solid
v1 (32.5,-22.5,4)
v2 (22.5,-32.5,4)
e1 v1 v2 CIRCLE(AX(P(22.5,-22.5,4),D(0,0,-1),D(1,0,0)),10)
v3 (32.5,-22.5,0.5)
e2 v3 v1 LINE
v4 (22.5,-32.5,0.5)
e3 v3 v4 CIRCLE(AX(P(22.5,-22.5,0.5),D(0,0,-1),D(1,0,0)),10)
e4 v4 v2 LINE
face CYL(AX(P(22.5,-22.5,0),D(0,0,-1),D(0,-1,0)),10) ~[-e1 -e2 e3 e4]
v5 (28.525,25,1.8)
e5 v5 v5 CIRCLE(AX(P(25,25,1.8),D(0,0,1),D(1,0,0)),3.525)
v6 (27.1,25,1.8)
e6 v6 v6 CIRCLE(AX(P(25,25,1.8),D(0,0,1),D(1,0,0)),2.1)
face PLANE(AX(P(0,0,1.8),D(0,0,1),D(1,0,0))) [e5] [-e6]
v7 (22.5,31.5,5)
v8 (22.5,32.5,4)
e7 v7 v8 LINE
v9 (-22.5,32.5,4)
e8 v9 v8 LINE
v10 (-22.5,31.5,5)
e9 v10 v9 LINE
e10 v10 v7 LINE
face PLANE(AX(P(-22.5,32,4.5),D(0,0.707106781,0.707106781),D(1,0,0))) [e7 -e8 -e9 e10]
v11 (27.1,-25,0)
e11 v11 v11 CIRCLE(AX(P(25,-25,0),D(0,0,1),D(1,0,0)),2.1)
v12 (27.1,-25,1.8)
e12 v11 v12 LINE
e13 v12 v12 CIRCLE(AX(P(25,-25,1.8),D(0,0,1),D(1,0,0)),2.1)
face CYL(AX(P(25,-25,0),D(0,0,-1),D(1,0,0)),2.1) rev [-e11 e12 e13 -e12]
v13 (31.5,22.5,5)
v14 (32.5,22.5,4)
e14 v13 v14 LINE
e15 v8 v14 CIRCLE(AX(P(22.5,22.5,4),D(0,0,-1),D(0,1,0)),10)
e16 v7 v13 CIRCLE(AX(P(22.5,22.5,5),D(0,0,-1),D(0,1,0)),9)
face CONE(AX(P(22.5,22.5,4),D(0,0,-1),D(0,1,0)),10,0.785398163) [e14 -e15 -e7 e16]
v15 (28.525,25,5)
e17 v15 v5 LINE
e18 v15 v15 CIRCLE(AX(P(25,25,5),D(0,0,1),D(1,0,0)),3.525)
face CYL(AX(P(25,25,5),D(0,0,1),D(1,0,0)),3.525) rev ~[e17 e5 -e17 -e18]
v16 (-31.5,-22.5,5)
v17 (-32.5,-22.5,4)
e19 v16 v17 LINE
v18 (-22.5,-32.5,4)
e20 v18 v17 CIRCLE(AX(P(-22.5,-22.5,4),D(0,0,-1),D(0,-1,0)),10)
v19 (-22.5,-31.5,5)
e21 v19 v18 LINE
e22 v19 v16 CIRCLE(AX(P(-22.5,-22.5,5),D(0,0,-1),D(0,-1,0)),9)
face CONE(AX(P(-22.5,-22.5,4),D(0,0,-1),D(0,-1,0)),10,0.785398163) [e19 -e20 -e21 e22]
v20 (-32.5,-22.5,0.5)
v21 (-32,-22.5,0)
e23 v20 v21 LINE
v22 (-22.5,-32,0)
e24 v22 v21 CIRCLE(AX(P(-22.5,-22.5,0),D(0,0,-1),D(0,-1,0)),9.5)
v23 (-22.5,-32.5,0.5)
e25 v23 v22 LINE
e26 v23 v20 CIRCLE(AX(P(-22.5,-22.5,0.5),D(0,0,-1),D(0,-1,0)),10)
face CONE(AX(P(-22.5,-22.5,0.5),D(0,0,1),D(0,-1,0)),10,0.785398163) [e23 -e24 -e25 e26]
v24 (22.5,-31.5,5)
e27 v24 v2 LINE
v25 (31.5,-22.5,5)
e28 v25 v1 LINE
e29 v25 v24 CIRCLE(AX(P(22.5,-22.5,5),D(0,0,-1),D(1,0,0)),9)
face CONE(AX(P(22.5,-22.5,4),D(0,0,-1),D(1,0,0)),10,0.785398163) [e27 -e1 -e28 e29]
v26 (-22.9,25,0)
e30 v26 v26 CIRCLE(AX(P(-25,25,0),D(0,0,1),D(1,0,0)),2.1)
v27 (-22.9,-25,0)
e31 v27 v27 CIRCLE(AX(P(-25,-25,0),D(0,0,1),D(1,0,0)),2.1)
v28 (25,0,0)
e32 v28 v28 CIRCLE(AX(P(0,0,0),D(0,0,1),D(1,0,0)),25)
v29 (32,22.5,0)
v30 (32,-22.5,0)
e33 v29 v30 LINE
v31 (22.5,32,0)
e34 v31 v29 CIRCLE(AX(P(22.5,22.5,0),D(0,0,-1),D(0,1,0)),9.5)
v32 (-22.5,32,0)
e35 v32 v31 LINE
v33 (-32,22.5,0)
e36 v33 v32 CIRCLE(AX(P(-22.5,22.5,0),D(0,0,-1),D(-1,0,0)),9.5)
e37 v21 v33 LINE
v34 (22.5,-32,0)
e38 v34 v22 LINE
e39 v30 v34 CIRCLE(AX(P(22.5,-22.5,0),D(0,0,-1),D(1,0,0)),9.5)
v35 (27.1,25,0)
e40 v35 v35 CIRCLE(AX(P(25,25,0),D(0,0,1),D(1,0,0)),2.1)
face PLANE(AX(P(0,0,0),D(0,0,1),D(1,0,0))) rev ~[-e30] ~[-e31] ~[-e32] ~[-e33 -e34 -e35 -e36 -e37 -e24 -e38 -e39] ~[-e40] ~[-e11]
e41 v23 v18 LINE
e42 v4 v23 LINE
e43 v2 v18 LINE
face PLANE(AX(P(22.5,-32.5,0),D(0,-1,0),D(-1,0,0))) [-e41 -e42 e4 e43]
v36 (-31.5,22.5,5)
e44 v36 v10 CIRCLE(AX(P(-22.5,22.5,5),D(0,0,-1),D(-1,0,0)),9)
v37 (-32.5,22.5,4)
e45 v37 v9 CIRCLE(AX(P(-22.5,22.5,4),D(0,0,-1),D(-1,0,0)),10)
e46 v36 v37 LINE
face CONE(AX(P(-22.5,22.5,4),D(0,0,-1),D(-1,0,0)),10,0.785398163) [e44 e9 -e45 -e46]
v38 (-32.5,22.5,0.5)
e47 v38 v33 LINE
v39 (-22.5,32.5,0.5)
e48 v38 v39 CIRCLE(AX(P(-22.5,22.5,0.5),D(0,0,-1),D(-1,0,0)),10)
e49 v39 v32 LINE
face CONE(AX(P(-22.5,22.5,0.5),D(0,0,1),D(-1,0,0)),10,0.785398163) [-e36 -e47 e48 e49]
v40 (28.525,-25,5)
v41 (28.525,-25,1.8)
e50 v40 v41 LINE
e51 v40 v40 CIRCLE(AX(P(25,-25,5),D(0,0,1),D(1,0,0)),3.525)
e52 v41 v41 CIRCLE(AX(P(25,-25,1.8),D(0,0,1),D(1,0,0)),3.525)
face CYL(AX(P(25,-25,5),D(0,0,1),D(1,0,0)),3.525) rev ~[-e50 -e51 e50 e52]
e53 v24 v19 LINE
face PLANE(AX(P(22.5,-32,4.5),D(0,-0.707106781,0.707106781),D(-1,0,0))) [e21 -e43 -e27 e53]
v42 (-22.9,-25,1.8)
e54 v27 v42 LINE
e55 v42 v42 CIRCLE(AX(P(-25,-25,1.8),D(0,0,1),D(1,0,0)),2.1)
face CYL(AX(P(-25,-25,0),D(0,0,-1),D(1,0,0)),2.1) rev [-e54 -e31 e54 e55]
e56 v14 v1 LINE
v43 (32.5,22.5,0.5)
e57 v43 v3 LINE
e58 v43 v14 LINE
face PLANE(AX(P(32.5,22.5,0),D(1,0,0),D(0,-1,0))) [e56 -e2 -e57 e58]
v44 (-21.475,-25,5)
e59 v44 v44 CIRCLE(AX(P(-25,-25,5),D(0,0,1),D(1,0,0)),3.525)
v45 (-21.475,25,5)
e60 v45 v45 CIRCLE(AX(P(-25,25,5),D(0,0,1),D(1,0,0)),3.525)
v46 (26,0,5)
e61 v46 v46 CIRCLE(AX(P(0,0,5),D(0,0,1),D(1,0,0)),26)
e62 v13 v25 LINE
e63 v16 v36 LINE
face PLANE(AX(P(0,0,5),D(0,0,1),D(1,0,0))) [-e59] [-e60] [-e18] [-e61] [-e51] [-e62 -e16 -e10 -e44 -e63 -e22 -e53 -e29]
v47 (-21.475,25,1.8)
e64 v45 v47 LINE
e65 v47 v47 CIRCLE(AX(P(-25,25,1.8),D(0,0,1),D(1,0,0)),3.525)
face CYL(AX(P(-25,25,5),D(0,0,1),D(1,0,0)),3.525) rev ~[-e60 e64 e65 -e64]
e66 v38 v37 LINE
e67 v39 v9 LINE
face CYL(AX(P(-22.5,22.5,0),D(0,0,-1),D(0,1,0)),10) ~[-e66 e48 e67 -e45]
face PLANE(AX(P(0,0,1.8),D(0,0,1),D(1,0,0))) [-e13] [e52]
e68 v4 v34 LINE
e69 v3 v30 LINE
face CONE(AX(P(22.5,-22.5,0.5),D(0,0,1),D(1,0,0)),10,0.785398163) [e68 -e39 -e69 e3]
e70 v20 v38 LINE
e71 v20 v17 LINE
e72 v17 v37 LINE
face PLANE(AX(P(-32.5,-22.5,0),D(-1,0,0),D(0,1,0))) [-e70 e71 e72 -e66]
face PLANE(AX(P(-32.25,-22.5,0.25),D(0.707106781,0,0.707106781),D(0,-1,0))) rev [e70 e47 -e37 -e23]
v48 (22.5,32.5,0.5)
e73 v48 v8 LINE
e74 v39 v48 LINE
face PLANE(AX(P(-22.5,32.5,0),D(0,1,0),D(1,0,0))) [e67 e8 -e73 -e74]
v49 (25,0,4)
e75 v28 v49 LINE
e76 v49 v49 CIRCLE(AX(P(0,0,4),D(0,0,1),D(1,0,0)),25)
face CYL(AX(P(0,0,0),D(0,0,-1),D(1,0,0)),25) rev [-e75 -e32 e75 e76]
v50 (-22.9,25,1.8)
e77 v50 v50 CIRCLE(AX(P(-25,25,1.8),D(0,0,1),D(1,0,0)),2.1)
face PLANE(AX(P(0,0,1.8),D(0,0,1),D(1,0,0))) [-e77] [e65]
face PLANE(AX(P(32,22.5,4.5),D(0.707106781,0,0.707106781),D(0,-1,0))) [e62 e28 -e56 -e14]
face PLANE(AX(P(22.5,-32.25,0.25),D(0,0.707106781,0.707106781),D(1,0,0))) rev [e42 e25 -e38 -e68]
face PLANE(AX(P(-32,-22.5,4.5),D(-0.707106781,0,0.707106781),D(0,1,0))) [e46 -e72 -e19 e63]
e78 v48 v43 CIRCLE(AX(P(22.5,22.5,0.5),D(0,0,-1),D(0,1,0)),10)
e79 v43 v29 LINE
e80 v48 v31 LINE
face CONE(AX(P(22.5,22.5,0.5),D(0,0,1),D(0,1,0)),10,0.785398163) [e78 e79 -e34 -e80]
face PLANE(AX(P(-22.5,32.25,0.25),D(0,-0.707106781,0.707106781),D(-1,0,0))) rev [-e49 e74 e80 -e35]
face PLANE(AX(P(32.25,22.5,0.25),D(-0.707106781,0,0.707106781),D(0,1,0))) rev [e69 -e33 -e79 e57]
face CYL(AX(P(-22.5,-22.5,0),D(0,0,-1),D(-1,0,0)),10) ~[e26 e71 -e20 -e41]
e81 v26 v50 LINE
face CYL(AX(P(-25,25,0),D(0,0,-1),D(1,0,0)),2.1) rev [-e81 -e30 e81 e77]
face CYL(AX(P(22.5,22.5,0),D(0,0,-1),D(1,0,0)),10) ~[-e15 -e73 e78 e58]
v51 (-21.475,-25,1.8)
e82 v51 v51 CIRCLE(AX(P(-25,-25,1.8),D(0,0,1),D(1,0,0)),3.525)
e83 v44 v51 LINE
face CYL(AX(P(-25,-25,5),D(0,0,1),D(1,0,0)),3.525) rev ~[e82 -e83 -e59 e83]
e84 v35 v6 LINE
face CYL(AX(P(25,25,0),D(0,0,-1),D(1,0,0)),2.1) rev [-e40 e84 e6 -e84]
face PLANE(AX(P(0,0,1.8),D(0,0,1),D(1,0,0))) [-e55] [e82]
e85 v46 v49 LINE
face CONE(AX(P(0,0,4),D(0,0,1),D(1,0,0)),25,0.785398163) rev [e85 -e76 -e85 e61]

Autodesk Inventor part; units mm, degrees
ref_plane "YZ Plane" through (0, 0, 0) normal (1, 0, 0) x (0, 1, 0)
ref_plane "XZ Plane" through (0, 0, 0) normal (0, 1, 0) x (-1, 0, 0)
ref_plane "XY Plane" through (0, 0, 0) normal (0, 0, 1) x (1, 0, 0)
sketch "Skizze1" plane through (0, 0, 0) normal (0, 0, 1) x (1, 0, 0)
  circle A0 centre (0, 0) radius 25
  line L0 (-32.5, 32.5) -> (32.5, 32.5)
  line L1 (32.5, 22.5) -> (32.5, -22.5)
  line L2 (22.5, -32.5) -> (-22.5, -32.5)
  line L3 (-32.5, -22.5) -> (-32.5, 22.5)
  line L4 (-32.5, 32.5) -> (32.5, -32.5) construction
  line L5 (32.5, 32.5) -> (-32.5, -32.5) construction
  circle A1 centre (-25, 25) radius 2.1
  circle A2 centre (25, 25) radius 2.1
  circle A3 centre (-25, -25) radius 2.1
  circle A4 centre (25, -25) radius 2.1
  line L6 (-22.5, 32.5) -> (22.5, 32.5)
  line L7 (32.5, -32.5) -> (-32.5, -32.5)
  line L8 (-32.5, -32.5) -> (-32.5, 32.5)
  line L9 (32.5, 32.5) -> (32.5, -32.5)
  arc A5 (-22.5, 32.5) -> (-32.5, 22.5) centre (-22.5, 22.5) ccw
  arc A6 (-32.5, -22.5) -> (-22.5, -32.5) centre (-22.5, -22.5) ccw
  arc A7 (22.5, -32.5) -> (32.5, -22.5) centre (22.5, -22.5) ccw
  arc A8 (32.5, 22.5) -> (22.5, 32.5) centre (22.5, 22.5) ccw
  dimension "d0" = 50
  dimension "d1" = 65
  dimension "d2" = 65
  dimension "d5" = 25
  dimension "d6" = 25
  dimension "d7" = 4.2
  dimension "d10" = 50
  dimension "d13" = 50
  dimension "d16" = 10
extrude "Extrusion1" add sketch "Skizze1" along normal blind 5 contours L0 A8 L1 A7 L2 A6 L3 A5
sketch "Skizze2" plane through (0, 0, 5) normal (0, 0, 1) x (1, 0, 0)
  circle A0 centre (-25, 25) radius 2.1 projected
  circle A1 centre (-25, 25) radius 3.525
  circle A2 centre (25, 25) radius 2.1 projected
  circle A3 centre (25, 25) radius 3.525
  circle A4 centre (-25, -25) radius 2.1 projected
  circle A5 centre (-25, -25) radius 3.525
  circle A6 centre (25, -25) radius 2.1 projected
  circle A7 centre (25, -25) radius 3.525
  point P0 (0, 0)
  dimension "d17" = 7.05
  dimension "d18" = 7.05
  dimension "d19" = 7.05
  dimension "d20" = 7.05
extrude "Extrusion2" cut sketch "Skizze2" against normal blind 3.2
chamfer "Fase1" distance 1 angle 45 9 edges at (-25, 0, 5) (0, -32.5, 5) (29.5711, -29.5711, 5) (32.5, 0, 5) (29.5711, 29.5711, 5) (0, 32.5, 5) (-29.5711, 29.5711, 5) (-32.5, 0, 5) (-29.5711, -29.5711, 5)
chamfer "Fase2" distance 0.5 angle 45 8 edges at (0, 32.5, 0) (-29.5711, 29.5711, 0) (-32.5, 0, 0) (-29.5711, -29.5711, 0) (0, -32.5, 0) (29.5711, -29.5711, 0) (32.5, 0, 0) (29.5711, 29.5711, 0)
properties part number "StageInsert_FoilHolder_Part1"
